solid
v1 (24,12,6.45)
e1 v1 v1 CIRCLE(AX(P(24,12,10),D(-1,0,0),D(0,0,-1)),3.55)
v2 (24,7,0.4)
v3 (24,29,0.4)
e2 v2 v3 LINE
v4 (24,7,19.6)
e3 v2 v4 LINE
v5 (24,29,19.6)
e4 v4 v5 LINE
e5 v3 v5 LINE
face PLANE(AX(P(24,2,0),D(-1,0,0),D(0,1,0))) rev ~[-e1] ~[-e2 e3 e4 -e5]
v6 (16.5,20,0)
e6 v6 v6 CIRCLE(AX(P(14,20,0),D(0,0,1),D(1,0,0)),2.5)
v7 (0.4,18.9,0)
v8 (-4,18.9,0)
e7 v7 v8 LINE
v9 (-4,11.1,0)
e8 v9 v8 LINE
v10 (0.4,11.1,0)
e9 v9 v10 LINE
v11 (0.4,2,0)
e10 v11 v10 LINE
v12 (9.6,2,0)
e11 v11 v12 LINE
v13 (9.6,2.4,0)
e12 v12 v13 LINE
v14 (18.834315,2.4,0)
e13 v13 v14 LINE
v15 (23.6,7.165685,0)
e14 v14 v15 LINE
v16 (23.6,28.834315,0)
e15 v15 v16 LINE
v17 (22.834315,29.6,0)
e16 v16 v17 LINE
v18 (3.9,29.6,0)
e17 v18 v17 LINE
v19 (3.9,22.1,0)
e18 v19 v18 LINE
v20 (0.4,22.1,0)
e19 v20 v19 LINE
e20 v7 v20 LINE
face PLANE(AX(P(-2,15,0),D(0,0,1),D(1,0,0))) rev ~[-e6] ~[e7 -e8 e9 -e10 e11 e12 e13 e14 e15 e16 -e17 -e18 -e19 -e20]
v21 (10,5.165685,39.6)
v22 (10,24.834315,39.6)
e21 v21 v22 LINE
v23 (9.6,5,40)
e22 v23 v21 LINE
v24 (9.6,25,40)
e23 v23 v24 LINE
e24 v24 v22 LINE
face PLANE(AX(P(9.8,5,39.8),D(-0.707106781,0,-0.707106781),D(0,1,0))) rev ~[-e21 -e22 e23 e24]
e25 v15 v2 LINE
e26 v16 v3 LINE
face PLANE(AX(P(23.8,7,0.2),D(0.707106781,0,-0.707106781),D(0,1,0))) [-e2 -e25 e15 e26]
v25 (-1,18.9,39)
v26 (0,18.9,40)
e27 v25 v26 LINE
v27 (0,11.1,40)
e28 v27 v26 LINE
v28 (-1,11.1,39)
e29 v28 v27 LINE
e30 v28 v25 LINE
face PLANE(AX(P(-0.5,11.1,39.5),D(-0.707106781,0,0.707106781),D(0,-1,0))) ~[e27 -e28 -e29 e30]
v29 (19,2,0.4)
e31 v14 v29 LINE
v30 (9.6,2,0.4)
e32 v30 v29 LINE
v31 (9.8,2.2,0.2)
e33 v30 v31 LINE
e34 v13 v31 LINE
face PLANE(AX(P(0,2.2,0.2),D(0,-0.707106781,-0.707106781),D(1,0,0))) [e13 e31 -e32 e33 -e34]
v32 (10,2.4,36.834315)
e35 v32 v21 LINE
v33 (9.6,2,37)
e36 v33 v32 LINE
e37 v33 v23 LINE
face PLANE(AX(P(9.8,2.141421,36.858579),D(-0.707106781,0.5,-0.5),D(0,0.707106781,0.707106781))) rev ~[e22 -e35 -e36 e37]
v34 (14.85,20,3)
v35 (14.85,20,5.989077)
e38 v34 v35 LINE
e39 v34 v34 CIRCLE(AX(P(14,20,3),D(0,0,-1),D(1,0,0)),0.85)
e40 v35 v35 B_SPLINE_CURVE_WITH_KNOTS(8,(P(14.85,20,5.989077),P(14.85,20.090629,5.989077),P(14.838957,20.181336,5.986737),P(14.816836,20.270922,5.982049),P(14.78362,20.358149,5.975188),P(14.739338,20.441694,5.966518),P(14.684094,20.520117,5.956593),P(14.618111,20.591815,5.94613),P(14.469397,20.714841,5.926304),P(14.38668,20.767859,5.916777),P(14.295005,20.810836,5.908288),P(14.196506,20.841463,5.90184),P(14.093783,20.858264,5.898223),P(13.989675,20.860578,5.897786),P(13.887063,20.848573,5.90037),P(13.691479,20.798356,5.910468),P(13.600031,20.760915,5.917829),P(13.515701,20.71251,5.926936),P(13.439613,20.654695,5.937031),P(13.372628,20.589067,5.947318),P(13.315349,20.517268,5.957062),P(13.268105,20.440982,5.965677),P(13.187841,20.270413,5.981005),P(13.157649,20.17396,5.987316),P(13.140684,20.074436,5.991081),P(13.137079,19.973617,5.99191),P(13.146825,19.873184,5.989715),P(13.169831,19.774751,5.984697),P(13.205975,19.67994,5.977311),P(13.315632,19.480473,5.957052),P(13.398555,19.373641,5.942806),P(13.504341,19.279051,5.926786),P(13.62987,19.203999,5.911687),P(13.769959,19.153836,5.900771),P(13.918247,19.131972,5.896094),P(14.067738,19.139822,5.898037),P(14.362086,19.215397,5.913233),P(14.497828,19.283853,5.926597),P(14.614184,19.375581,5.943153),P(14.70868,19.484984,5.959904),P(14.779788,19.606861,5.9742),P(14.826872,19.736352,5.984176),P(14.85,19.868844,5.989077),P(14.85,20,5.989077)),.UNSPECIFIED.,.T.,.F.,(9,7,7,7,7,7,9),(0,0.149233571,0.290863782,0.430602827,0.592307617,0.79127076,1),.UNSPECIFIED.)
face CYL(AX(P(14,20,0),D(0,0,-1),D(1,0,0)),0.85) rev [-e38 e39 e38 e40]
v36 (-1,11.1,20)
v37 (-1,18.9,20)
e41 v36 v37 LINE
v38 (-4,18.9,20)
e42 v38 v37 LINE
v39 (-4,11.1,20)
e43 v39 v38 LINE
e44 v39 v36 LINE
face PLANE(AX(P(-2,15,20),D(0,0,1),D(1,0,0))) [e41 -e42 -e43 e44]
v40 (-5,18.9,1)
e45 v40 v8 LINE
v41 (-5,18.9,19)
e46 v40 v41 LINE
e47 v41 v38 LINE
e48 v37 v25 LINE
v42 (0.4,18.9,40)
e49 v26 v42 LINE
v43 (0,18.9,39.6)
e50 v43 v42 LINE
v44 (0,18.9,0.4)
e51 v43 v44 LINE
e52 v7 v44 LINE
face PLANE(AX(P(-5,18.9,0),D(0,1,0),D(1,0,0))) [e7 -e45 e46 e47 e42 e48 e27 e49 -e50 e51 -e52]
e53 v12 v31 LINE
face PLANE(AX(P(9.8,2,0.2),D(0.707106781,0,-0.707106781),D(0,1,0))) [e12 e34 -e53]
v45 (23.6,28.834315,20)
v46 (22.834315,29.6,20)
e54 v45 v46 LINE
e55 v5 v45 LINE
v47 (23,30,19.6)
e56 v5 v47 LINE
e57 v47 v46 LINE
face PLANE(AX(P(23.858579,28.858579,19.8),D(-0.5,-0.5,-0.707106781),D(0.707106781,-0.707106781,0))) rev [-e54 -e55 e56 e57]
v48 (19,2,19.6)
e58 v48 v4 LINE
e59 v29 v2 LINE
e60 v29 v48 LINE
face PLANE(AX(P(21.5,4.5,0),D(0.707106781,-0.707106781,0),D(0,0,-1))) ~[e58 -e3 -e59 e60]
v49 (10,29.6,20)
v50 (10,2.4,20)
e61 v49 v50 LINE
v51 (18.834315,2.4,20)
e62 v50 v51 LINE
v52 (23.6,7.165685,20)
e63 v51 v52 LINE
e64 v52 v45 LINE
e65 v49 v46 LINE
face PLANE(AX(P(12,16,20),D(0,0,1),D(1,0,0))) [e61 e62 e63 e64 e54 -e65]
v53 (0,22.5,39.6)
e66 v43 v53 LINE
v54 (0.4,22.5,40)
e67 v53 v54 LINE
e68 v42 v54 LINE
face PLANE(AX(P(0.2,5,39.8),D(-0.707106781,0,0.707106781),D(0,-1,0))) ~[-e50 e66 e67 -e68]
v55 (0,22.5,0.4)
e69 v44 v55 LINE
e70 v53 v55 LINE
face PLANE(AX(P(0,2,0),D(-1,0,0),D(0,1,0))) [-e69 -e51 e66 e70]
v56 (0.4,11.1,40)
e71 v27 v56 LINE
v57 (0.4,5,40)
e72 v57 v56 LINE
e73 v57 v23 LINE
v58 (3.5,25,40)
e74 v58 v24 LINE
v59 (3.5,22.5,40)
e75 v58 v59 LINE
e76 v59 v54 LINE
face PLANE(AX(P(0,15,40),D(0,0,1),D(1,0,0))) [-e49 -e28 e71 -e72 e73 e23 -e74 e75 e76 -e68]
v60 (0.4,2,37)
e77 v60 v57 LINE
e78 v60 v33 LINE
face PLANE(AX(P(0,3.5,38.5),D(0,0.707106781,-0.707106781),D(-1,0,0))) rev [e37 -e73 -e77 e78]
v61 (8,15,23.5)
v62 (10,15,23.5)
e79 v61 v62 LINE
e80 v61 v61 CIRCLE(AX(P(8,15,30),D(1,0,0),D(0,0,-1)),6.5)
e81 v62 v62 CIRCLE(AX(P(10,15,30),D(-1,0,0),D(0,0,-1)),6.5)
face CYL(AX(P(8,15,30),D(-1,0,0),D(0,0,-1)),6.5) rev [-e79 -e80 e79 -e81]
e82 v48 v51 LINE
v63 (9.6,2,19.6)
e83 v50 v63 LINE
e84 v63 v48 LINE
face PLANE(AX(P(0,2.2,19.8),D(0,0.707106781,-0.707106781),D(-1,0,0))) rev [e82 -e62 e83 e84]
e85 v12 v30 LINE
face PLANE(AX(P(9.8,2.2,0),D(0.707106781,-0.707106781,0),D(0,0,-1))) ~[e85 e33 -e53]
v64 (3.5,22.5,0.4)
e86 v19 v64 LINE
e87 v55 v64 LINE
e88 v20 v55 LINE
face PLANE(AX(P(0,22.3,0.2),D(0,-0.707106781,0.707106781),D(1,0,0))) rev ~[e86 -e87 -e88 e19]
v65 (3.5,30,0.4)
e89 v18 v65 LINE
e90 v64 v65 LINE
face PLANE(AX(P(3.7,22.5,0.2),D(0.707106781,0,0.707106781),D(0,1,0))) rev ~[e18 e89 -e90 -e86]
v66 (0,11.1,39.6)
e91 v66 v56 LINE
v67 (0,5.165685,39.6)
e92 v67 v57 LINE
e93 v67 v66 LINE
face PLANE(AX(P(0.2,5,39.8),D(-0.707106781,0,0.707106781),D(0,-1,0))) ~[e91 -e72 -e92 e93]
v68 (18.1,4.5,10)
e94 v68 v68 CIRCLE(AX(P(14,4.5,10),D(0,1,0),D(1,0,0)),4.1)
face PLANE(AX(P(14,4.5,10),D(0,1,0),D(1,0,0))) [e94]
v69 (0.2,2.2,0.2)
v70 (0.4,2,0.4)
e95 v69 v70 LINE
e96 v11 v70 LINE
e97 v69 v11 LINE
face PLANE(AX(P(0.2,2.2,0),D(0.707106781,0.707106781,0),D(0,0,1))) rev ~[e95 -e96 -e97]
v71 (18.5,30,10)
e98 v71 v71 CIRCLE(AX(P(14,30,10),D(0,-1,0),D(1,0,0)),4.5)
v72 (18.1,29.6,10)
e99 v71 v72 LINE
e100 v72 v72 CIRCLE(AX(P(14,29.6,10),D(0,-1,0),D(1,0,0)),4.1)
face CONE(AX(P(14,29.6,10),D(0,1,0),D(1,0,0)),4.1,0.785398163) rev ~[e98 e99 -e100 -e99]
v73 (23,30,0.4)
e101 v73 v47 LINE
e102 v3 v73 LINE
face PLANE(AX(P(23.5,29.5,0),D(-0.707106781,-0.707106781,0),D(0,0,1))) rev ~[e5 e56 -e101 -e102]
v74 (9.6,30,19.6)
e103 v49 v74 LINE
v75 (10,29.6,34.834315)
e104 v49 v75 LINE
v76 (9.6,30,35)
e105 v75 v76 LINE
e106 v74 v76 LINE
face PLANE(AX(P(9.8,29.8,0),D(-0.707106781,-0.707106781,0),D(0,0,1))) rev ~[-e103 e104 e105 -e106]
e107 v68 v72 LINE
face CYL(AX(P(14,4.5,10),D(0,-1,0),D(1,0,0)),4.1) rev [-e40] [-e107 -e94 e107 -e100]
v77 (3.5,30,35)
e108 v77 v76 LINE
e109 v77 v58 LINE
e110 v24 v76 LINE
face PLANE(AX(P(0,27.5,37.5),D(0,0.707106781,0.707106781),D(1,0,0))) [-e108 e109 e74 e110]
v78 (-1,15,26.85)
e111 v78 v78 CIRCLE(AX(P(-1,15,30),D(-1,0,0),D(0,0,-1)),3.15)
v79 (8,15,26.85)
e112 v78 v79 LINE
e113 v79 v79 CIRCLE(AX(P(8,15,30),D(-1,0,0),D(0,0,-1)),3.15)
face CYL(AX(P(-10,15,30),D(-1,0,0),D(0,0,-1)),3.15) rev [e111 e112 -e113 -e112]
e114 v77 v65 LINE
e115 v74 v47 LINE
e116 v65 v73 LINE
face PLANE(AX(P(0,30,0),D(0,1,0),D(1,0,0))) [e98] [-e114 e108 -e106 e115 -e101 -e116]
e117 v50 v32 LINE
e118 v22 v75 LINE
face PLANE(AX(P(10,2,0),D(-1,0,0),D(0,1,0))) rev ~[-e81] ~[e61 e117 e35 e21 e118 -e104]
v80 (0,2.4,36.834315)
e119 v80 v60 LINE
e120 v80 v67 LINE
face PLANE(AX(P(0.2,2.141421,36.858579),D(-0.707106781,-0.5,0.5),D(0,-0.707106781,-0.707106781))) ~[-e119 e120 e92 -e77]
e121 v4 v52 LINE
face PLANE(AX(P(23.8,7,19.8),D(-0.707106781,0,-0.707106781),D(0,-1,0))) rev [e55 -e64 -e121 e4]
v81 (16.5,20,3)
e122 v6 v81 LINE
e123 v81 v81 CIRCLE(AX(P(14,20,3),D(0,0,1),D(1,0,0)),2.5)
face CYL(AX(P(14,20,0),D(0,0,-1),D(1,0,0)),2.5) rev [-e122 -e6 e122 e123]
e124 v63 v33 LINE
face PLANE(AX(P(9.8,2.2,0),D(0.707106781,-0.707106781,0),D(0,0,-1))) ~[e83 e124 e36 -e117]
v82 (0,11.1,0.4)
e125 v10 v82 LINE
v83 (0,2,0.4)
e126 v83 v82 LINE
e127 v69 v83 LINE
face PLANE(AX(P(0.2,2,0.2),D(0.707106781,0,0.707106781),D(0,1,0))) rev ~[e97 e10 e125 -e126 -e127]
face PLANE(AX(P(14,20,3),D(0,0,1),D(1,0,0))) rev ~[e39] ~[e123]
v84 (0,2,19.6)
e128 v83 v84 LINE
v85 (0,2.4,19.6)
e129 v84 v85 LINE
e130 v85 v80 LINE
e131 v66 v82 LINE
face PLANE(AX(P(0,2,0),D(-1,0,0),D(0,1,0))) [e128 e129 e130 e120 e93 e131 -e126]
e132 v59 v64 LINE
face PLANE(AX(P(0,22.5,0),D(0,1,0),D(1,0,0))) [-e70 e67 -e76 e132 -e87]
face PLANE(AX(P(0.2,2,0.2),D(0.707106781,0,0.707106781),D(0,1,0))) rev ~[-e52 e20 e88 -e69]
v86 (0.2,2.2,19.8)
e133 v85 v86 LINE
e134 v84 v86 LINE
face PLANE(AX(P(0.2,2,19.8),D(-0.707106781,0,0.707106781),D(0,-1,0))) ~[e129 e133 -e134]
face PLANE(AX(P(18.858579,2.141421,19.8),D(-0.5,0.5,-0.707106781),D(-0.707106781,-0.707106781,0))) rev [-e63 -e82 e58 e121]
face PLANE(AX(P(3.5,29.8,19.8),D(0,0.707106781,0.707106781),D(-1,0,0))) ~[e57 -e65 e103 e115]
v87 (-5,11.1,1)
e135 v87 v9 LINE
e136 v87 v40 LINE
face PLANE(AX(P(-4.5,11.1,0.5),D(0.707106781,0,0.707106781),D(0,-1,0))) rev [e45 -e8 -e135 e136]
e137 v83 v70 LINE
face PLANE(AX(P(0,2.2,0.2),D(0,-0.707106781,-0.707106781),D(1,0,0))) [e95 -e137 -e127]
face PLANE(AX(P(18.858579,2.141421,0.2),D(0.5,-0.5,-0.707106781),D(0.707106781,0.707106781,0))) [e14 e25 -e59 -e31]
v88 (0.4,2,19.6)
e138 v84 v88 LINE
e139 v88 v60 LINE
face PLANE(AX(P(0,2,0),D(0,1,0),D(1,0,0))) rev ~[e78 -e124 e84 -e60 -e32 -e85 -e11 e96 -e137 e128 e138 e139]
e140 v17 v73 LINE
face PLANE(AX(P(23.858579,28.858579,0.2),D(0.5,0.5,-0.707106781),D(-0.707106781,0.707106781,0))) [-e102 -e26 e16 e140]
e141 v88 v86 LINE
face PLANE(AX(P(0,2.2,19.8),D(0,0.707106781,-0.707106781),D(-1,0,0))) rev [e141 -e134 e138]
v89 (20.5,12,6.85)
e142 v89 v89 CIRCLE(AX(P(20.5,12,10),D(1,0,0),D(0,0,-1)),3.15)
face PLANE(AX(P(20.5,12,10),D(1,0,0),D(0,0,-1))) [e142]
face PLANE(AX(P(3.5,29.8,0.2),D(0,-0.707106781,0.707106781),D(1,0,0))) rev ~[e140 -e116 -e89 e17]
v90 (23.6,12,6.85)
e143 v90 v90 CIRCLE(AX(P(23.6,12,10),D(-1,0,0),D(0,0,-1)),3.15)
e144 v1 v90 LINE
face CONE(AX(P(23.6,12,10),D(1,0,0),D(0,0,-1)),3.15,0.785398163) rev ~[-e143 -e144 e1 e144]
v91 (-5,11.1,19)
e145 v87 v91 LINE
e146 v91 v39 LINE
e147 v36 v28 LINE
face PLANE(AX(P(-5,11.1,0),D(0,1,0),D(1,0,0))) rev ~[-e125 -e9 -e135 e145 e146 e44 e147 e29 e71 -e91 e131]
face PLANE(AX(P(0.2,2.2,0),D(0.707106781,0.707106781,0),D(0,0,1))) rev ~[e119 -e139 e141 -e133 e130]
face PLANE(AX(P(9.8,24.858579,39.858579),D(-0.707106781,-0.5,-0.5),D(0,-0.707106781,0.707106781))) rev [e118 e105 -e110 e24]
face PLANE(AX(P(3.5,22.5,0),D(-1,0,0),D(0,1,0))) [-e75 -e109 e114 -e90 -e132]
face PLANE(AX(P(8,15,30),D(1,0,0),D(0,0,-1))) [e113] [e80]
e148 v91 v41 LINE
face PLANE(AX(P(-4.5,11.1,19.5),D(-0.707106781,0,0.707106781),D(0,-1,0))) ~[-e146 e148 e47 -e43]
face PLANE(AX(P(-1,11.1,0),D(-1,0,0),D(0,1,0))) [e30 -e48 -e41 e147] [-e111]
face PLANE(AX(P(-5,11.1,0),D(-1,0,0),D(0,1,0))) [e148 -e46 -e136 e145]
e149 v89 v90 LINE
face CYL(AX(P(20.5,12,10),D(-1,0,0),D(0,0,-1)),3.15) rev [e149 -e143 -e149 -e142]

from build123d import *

# Parameters (mm, degrees)
CYLINDER016030_R            = 3.15
CYLINDER016030_DEPTH        = 10
CYLINDER_R                  = 4.1
CYLINDER_DEPTH              = 36
CYLINDER003_R               = 0.85
CYLINDER003_DEPTH           = 10
CYLINDER004_R               = 2.5
CYLINDER004_DEPTH           = 3
CYLINDER002_R               = 3.15
CYLINDER002_DEPTH           = 33
CYLINDER001_R               = 6.5
CYLINDER001_DEPTH           = 33
BOX013_W                    = 3.5
BOX013_H                    = 10
BOX013_DEPTH                = 43
BOX001_W                    = 10
BOX001_H                    = 28
BOX001_DEPTH                = 40
CHAMFER_SIZE                = 3
CHAMFER016009_SIZE          = 5
CHAMFER016013_SIZE          = 0.4
BOX003_W                    = 6
BOX003_H                    = 7.8
BOX003_DEPTH                = 20
BOX002_W                    = 2
BOX002_H                    = 7.8
BOX002_DEPTH                = 40
CHAMFER005_SIZE             = 1
BOX014_W                    = 3.5
BOX014_H                    = 10
BOX014_DEPTH                = 43
BOX_W                       = 24
BOX_H                       = 28
BOX_DEPTH                   = 20
CHAMFER016010_SIZE          = 5
CHAMFER016014_SIZE          = 1
CHAMFER016015_SIZE          = 0.4
CHAMFER016016_SIZE          = 0.4
CHAMFER016016008004017_SIZE = 0.4


with BuildPart() as cylinder044:
    # Cylinder016030 → Cylinder016030 (new body)
    with BuildSketch(Plane(origin=(20.5, 12, 10), x_dir=(0, 0, -1), z_dir=(1, 0, 0))):
        Circle(CYLINDER016030_R)
    extrude(amount=CYLINDER016030_DEPTH)


with BuildPart() as cylinder:
    # Cylinder → Cylinder (new body)
    with BuildSketch(Plane(origin=(14, 4.5, 10), x_dir=(1, 0, 0), z_dir=(0, 1, 0))):
        Circle(CYLINDER_R)
    extrude(amount=CYLINDER_DEPTH)


with BuildPart() as cylinder003:
    # Cylinder003 → Cylinder003 (new body)
    with BuildSketch(Plane(origin=(10, 20, 0), x_dir=(1, 0, 0), z_dir=(0, 0, 1))):
        Circle(CYLINDER003_R)
    extrude(amount=CYLINDER003_DEPTH)


with BuildPart() as fusion003:
    # Cylinder004 → Cylinder004 (new body)
    with BuildSketch(Plane(origin=(10, 20, 0), x_dir=(1, 0, 0), z_dir=(0, 0, 1))):
        Circle(CYLINDER004_R)
    extrude(amount=CYLINDER004_DEPTH)

    # Fusion003: union Cylinder003
    add(cylinder003.part)


with BuildPart() as fusion003_1:
    # Fusion003 placement: moved
    add(fusion003.part.moved(Location((4, 0, 0))))


with BuildPart() as cylinder002:
    # Cylinder002 → Cylinder002 (new body)
    with BuildSketch(Plane(origin=(-10, 15, 30), x_dir=(0, 0, -1), z_dir=(1, 0, 0))):
        Circle(CYLINDER002_R)
    extrude(amount=CYLINDER002_DEPTH)


with BuildPart() as fusion005:
    # Cylinder001 → Cylinder001 (new body)
    with BuildSketch(Plane(origin=(8, 15, 30), x_dir=(0, 0, -1), z_dir=(1, 0, 0))):
        Circle(CYLINDER001_R)
    extrude(amount=CYLINDER001_DEPTH)

    # Fusion005: union Cylinder002
    add(cylinder002.part)


with BuildPart() as cube013:
    # Box013 → Box013 (new body)
    with BuildSketch(Plane(origin=(0, 22.5, 0), x_dir=(1, 0, 0), z_dir=(0, 0, 1))):
        with Locations((1.75, 5)):
            Rectangle(BOX013_W, BOX013_H)
    extrude(amount=BOX013_DEPTH)


with BuildPart() as chamfer016013:
    # Box001 → Box001 (new body)
    with BuildSketch(Plane(origin=(0, 2, 0), x_dir=(1, 0, 0), z_dir=(0, 0, 1))):
        with Locations((5, 14)):
            Rectangle(BOX001_W, BOX001_H)
    extrude(amount=BOX001_DEPTH)

    # Chamfer
    chamfer_edges = [chamfer016013.edges().sort_by_distance(p)[0] for p in [
        (5, 2, 40),
    ]]
    chamfer(chamfer_edges, length=CHAMFER_SIZE)

    # Chamfer016009
    chamfer016009_edges = [chamfer016013.edges().sort_by_distance(p)[0] for p in [
        (5, 30, 40),
    ]]
    chamfer(chamfer016009_edges, length=CHAMFER016009_SIZE)

    # Cut010011002: cut Cube013
    add(cube013.part, mode=Mode.SUBTRACT)

    # Chamfer016013
    chamfer016013_edges = [chamfer016013.edges().sort_by_distance(p)[0] for p in [
        (0, 13.75, 40),
        (0, 12.25, 0),
        (0, 2, 18.5),
        (0, 3.5, 38.5),
        (10, 15, 40),
        (1.75, 22.5, 0),
        (3.5, 26.25, 0),
        (6.75, 30, 0),
        (10, 16, 0),
        (10, 2, 18.5),
        (10, 3.5, 38.5),
        (10, 27.5, 37.5),
        (10, 30, 17.5),
    ]]
    chamfer(chamfer016013_edges, length=CHAMFER016013_SIZE)


with BuildPart() as cube003:
    # Box003 → Box003 (new body)
    with BuildSketch(Plane(origin=(-5, 11.1, 0), x_dir=(1, 0, 0), z_dir=(0, 0, 1))):
        with Locations((3, 3.9)):
            Rectangle(BOX003_W, BOX003_H)
    extrude(amount=BOX003_DEPTH)


with BuildPart() as chamfer005:
    # Box002 → Box002 (new body)
    with BuildSketch(Plane(origin=(-1, 11.1, 0), x_dir=(1, 0, 0), z_dir=(0, 0, 1))):
        with Locations((1, 3.9)):
            Rectangle(BOX002_W, BOX002_H)
    extrude(amount=BOX002_DEPTH)

    # Fusion: union Cube003
    add(cube003.part)

    # Chamfer005
    chamfer005_edges = [chamfer005.edges().sort_by_distance(p)[0] for p in [
        (-5, 15, 0),
        (-1, 15, 40),
        (-5, 15, 20),
    ]]
    chamfer(chamfer005_edges, length=CHAMFER005_SIZE)


with BuildPart() as cube014:
    # Box014 → Box014 (new body)
    with BuildSketch(Plane(origin=(0, 22.5, 0), x_dir=(1, 0, 0), z_dir=(0, 0, 1))):
        with Locations((1.75, 5)):
            Rectangle(BOX014_W, BOX014_H)
    extrude(amount=BOX014_DEPTH)


with BuildPart() as rod_mount_front_w_magnet:
    # Box → Box (new body)
    with BuildSketch(Plane(origin=(0, 2, 0), x_dir=(1, 0, 0), z_dir=(0, 0, 1))):
        with Locations((12, 14)):
            Rectangle(BOX_W, BOX_H)
    extrude(amount=BOX_DEPTH)

    # Chamfer016010
    chamfer016010_edges = [rod_mount_front_w_magnet.edges().sort_by_distance(p)[0] for p in [
        (24, 2, 10),
    ]]
    chamfer(chamfer016010_edges, length=CHAMFER016010_SIZE)

    # Chamfer016014
    chamfer016014_edges = [rod_mount_front_w_magnet.edges().sort_by_distance(p)[0] for p in [
        (24, 30, 10),
    ]]
    chamfer(chamfer016014_edges, length=CHAMFER016014_SIZE)

    # Cut: cut Cube014
    add(cube014.part, mode=Mode.SUBTRACT)

    # Chamfer016015
    chamfer016015_edges = [rod_mount_front_w_magnet.edges().sort_by_distance(p)[0] for p in [
        (24, 18, 20),
        (24, 18, 0),
        (21.5, 4.5, 20),
        (9.5, 2, 20),
        (0, 12.25, 20),
        (1.75, 22.5, 20),
        (3.5, 26.25, 20),
        (13.25, 30, 20),
        (23.5, 29.5, 20),
        (23.5, 29.5, 0),
        (21.5, 4.5, 0),
        (9.5, 2, 0),
        (0, 12.25, 0),
        (1.75, 22.5, 0),
        (3.5, 26.25, 0),
        (13.25, 30, 0),
    ]]
    chamfer(chamfer016015_edges, length=CHAMFER016015_SIZE)

    # Fusion016: union Chamfer016013, Chamfer005
    add(chamfer016013.part)
    add(chamfer005.part)

    # Cut010011003: cut Fusion005
    add(fusion005.part, mode=Mode.SUBTRACT)

    # Cut010011004: cut Fusion003
    add(fusion003_1.part, mode=Mode.SUBTRACT)

    # Cut010011005: cut Cylinder
    add(cylinder.part, mode=Mode.SUBTRACT)

    # Chamfer016016
    chamfer016016_edges = [rod_mount_front_w_magnet.edges().sort_by_distance(p)[0] for p in [
        (9.9, 30, 10),
    ]]
    chamfer(chamfer016016_edges, length=CHAMFER016016_SIZE)

    # Cut010011008009003016002: cut Cylinder044
    add(cylinder044.part, mode=Mode.SUBTRACT)

    # Chamfer016016008004017
    chamfer016016008004017_edges = [rod_mount_front_w_magnet.edges().sort_by_distance(p)[0] for p in [
        (24, 12, 13.15),
    ]]
    chamfer(chamfer016016008004017_edges, length=CHAMFER016016008004017_SIZE)


solid = rod_mount_front_w_magnet.part
